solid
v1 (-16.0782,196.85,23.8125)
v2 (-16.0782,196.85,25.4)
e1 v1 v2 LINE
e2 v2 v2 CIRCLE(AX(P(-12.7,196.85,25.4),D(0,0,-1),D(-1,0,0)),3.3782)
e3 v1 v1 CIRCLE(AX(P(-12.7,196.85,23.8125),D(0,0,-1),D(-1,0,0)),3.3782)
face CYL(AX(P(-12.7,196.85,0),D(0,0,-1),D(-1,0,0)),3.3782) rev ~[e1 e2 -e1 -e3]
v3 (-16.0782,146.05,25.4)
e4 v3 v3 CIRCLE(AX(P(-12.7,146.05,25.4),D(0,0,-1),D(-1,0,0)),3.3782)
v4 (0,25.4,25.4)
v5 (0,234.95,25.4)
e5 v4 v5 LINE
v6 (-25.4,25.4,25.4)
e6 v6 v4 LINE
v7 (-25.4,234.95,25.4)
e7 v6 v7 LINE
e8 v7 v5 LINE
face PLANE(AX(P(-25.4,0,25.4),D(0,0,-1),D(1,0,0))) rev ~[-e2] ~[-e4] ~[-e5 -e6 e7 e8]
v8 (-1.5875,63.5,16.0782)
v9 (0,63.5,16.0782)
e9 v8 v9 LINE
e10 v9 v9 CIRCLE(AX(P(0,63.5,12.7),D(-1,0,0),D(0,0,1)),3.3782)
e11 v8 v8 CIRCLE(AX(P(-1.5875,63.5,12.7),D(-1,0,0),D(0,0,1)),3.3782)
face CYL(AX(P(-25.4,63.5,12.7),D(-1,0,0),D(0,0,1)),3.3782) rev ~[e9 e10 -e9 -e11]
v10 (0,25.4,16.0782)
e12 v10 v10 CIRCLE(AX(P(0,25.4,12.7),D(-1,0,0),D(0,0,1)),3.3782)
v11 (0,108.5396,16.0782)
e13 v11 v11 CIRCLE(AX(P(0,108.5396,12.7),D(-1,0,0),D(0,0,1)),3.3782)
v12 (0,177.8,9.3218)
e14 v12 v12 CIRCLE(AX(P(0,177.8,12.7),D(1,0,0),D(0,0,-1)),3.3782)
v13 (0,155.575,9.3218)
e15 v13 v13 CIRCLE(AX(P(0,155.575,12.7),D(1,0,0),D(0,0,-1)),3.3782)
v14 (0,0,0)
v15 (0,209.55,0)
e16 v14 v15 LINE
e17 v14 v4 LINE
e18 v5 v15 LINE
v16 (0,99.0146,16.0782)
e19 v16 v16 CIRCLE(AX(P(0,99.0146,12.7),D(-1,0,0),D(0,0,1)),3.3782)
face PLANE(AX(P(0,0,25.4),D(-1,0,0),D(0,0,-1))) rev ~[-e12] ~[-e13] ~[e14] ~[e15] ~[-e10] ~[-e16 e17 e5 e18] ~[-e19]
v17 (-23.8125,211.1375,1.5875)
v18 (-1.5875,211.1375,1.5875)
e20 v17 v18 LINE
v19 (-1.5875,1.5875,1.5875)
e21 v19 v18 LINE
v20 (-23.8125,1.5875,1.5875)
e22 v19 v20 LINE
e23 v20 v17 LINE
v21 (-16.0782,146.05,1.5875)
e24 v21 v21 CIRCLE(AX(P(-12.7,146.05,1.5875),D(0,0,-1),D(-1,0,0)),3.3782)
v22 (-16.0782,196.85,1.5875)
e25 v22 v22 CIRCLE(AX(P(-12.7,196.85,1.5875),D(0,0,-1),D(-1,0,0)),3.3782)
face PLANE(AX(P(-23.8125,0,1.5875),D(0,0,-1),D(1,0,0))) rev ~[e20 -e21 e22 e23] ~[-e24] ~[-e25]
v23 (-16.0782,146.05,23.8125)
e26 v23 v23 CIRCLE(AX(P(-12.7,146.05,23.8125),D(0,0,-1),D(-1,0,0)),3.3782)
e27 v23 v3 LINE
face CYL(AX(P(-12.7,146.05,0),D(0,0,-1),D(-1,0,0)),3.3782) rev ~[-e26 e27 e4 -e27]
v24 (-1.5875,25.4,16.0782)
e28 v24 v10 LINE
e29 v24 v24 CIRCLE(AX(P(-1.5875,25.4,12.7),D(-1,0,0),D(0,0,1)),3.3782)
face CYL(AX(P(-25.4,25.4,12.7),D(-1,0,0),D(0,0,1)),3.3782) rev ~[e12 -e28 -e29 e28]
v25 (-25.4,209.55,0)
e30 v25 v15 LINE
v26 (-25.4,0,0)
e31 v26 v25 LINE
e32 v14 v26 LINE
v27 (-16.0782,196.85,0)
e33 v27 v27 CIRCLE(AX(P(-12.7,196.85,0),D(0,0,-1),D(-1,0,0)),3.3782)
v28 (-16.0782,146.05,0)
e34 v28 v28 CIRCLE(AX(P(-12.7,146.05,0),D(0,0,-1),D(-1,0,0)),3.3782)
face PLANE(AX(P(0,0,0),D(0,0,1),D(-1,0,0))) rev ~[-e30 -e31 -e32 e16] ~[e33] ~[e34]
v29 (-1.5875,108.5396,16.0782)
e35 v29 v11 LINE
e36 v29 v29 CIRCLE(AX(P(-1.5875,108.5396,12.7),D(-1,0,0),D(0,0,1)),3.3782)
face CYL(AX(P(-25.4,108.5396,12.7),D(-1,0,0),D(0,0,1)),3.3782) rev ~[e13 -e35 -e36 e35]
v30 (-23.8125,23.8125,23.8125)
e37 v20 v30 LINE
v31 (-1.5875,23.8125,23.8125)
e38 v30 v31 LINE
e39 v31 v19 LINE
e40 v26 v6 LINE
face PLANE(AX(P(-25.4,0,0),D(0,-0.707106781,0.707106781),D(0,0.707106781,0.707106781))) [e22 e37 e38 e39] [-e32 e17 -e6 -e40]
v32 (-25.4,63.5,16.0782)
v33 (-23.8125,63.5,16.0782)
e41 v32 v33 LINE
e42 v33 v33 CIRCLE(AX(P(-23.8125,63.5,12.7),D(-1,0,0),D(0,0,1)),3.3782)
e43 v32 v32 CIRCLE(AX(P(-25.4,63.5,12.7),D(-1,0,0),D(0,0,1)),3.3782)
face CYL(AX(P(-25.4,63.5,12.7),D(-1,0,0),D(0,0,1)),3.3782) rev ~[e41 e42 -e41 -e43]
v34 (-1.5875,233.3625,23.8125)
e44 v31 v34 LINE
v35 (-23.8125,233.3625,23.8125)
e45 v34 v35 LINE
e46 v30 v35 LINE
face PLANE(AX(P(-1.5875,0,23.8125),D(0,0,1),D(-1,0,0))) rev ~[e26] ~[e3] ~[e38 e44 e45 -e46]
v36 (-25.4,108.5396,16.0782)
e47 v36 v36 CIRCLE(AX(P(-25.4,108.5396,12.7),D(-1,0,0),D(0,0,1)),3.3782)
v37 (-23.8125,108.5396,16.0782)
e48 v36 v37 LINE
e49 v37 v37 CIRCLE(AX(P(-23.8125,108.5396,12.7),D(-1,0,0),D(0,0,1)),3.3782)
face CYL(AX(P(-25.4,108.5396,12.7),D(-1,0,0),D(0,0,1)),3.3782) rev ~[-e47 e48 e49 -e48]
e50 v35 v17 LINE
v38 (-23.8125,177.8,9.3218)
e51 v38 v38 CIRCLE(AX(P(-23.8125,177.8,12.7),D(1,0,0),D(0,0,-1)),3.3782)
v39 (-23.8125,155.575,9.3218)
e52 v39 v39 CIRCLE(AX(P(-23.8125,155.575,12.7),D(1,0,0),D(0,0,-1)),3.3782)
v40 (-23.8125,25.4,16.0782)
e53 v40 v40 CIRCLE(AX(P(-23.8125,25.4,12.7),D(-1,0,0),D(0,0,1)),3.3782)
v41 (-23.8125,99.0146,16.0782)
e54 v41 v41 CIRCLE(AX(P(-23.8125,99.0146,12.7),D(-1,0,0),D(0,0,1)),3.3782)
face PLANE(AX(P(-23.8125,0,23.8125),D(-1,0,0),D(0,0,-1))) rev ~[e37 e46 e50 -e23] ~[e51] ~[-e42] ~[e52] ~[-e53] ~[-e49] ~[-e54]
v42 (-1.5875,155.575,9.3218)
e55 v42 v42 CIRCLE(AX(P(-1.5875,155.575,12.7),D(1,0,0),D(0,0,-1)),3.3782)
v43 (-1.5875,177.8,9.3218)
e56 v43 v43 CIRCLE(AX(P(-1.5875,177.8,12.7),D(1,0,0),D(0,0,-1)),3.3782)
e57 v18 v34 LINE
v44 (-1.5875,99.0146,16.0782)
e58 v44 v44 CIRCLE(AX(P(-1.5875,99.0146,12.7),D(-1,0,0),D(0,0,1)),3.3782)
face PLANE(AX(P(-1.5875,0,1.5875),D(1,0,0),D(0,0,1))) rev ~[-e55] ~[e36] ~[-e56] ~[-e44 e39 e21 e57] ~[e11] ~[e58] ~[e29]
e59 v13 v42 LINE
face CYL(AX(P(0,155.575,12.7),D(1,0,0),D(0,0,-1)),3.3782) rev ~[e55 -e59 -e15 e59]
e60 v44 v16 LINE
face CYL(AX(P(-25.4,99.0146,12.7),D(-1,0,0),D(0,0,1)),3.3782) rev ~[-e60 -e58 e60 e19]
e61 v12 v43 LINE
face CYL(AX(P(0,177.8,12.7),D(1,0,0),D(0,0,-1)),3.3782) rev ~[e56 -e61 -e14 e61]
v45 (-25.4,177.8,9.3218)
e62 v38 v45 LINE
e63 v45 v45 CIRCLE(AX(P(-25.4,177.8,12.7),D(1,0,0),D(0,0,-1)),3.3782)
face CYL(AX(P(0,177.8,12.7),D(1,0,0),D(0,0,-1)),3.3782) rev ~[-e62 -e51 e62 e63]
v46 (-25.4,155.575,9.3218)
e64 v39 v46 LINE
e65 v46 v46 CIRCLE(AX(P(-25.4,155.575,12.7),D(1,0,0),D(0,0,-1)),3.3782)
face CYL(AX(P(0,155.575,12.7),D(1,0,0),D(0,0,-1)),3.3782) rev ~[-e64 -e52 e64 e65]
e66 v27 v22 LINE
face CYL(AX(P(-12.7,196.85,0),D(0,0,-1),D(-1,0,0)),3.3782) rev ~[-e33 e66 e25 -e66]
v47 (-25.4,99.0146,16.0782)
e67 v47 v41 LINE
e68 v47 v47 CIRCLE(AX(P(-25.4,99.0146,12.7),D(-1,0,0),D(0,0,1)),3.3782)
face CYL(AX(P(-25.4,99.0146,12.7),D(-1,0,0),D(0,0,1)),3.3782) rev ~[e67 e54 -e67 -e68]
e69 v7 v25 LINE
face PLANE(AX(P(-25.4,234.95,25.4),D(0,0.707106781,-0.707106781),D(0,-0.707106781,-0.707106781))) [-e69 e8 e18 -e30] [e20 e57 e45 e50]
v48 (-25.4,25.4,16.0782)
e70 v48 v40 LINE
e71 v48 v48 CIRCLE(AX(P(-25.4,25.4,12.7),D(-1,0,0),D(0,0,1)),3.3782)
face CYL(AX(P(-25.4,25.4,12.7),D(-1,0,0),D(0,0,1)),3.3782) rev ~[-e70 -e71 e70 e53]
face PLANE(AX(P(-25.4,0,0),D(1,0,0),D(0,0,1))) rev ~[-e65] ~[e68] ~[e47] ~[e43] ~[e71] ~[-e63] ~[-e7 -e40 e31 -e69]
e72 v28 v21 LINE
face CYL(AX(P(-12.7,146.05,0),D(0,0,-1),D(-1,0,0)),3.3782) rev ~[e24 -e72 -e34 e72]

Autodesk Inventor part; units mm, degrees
ref_plane "YZ Plane" through (0, 0, 0) normal (1, 0, 0) x (0, 1, 0)
ref_plane "XZ Plane" through (0, 0, 0) normal (0, 1, 0) x (-1, 0, 0)
ref_plane "XY Plane" through (0, 0, 0) normal (0, 0, 1) x (1, 0, 0)
sketch "Sketch1" plane through (0, 0, 0) normal (0, 1, 0) x (-1, 0, 0)
  line L0 (0, 0) -> (25.4, 0)
  line L1 (25.4, 0) -> (25.4, 25.4)
  line L2 (25.4, 25.4) -> (0, 25.4)
  line L3 (0, 25.4) -> (0, 0)
  line L4 (1.5875, 23.8125) -> (23.8125, 23.8125)
  line L5 (23.8125, 23.8125) -> (23.8125, 1.5875)
  line L6 (23.8125, 1.5875) -> (1.5875, 1.5875)
  line L7 (1.5875, 1.5875) -> (1.5875, 23.8125)
  dimension "d0" = 25.4
  dimension "d2" = 25.4
  dimension "d3" = 1.5875
extrude "Extrusion1" add sketch "Sketch1" along normal blind 254
sketch "Sketch2" plane through (-25.4, 0, 0) normal (-1, 0, 0) x (0, 0, 1)
  line L0 (0, 254) -> (25.4, 254) projected
  line L1 (0, 0) -> (0, 254) projected
  line L2 (25.4, 0) -> (25.4, 254) projected
  line L3 (25.4, 234.95) -> (0, 209.55)
  point P0 (0, 228.6)
  dimension "d6" = 25.4
  dimension "d13" = 25.4
  dimension "d14" = 19.05
extrude "Extrusion2" cut sketch "Sketch2" against normal blind 25.4
sketch "Sketch3" plane through (-25.4, 0, 0) normal (-1, 0, 0) x (0, 0, 1)
  line L0 (0, 0) -> (25.4, 0) projected
  line L1 (25.4, 0) -> (25.4, 234.95) projected
  line L2 (0, 0) -> (25.4, 25.4)
  dimension "d21" = 25.4
extrude "Extrusion3" cut sketch "Sketch3" against normal blind 25.4
sketch "Sketch4" plane through (-25.4, 25.4, 25.4) normal (-1, 0, 0) x (0, 0, 1)
  circle A0 centre (-12.7, 38.1) radius 3.3782 projected
  circle A1 centre (-12.7, 0) radius 3.3782 projected
extrude "Extrusion4" cut sketch "Sketch4" against normal blind 25.4
sketch "Sketch5" plane through (0, 209.55, 0) normal (0, 0, -1) x (-1, 0, 0)
  circle A0 centre (12.7, -12.7) radius 3.3782 projected
  circle A1 centre (12.7, -63.5) radius 3.3782 projected
extrude "Extrusion5" cut sketch "Sketch5" against normal blind 25.4
sketch "Sketch6" plane through (0, 0, 0) normal (1, 0, 0) x (0, 0, -1)
  circle A0 centre (-12.7, 177.8) radius 3.3782 projected
  circle A1 centre (-12.7, 155.575) radius 3.3782 projected
extrude "Extrusion6" cut sketch "Sketch6" against normal blind 25.4
sketch "Sketch7" plane through (-25.4, 25.4, 25.4) normal (-1, 0, 0) x (0, 0, 1)
  circle A0 centre (-12.7, 83.1396) radius 3.3782 projected
  circle A1 centre (-12.7, 73.6146) radius 3.3782 projected
extrude "Extrusion7" cut sketch "Sketch7" against normal blind 25.4
properties part number "Square Tube 3" material "Aluminum 6061"
